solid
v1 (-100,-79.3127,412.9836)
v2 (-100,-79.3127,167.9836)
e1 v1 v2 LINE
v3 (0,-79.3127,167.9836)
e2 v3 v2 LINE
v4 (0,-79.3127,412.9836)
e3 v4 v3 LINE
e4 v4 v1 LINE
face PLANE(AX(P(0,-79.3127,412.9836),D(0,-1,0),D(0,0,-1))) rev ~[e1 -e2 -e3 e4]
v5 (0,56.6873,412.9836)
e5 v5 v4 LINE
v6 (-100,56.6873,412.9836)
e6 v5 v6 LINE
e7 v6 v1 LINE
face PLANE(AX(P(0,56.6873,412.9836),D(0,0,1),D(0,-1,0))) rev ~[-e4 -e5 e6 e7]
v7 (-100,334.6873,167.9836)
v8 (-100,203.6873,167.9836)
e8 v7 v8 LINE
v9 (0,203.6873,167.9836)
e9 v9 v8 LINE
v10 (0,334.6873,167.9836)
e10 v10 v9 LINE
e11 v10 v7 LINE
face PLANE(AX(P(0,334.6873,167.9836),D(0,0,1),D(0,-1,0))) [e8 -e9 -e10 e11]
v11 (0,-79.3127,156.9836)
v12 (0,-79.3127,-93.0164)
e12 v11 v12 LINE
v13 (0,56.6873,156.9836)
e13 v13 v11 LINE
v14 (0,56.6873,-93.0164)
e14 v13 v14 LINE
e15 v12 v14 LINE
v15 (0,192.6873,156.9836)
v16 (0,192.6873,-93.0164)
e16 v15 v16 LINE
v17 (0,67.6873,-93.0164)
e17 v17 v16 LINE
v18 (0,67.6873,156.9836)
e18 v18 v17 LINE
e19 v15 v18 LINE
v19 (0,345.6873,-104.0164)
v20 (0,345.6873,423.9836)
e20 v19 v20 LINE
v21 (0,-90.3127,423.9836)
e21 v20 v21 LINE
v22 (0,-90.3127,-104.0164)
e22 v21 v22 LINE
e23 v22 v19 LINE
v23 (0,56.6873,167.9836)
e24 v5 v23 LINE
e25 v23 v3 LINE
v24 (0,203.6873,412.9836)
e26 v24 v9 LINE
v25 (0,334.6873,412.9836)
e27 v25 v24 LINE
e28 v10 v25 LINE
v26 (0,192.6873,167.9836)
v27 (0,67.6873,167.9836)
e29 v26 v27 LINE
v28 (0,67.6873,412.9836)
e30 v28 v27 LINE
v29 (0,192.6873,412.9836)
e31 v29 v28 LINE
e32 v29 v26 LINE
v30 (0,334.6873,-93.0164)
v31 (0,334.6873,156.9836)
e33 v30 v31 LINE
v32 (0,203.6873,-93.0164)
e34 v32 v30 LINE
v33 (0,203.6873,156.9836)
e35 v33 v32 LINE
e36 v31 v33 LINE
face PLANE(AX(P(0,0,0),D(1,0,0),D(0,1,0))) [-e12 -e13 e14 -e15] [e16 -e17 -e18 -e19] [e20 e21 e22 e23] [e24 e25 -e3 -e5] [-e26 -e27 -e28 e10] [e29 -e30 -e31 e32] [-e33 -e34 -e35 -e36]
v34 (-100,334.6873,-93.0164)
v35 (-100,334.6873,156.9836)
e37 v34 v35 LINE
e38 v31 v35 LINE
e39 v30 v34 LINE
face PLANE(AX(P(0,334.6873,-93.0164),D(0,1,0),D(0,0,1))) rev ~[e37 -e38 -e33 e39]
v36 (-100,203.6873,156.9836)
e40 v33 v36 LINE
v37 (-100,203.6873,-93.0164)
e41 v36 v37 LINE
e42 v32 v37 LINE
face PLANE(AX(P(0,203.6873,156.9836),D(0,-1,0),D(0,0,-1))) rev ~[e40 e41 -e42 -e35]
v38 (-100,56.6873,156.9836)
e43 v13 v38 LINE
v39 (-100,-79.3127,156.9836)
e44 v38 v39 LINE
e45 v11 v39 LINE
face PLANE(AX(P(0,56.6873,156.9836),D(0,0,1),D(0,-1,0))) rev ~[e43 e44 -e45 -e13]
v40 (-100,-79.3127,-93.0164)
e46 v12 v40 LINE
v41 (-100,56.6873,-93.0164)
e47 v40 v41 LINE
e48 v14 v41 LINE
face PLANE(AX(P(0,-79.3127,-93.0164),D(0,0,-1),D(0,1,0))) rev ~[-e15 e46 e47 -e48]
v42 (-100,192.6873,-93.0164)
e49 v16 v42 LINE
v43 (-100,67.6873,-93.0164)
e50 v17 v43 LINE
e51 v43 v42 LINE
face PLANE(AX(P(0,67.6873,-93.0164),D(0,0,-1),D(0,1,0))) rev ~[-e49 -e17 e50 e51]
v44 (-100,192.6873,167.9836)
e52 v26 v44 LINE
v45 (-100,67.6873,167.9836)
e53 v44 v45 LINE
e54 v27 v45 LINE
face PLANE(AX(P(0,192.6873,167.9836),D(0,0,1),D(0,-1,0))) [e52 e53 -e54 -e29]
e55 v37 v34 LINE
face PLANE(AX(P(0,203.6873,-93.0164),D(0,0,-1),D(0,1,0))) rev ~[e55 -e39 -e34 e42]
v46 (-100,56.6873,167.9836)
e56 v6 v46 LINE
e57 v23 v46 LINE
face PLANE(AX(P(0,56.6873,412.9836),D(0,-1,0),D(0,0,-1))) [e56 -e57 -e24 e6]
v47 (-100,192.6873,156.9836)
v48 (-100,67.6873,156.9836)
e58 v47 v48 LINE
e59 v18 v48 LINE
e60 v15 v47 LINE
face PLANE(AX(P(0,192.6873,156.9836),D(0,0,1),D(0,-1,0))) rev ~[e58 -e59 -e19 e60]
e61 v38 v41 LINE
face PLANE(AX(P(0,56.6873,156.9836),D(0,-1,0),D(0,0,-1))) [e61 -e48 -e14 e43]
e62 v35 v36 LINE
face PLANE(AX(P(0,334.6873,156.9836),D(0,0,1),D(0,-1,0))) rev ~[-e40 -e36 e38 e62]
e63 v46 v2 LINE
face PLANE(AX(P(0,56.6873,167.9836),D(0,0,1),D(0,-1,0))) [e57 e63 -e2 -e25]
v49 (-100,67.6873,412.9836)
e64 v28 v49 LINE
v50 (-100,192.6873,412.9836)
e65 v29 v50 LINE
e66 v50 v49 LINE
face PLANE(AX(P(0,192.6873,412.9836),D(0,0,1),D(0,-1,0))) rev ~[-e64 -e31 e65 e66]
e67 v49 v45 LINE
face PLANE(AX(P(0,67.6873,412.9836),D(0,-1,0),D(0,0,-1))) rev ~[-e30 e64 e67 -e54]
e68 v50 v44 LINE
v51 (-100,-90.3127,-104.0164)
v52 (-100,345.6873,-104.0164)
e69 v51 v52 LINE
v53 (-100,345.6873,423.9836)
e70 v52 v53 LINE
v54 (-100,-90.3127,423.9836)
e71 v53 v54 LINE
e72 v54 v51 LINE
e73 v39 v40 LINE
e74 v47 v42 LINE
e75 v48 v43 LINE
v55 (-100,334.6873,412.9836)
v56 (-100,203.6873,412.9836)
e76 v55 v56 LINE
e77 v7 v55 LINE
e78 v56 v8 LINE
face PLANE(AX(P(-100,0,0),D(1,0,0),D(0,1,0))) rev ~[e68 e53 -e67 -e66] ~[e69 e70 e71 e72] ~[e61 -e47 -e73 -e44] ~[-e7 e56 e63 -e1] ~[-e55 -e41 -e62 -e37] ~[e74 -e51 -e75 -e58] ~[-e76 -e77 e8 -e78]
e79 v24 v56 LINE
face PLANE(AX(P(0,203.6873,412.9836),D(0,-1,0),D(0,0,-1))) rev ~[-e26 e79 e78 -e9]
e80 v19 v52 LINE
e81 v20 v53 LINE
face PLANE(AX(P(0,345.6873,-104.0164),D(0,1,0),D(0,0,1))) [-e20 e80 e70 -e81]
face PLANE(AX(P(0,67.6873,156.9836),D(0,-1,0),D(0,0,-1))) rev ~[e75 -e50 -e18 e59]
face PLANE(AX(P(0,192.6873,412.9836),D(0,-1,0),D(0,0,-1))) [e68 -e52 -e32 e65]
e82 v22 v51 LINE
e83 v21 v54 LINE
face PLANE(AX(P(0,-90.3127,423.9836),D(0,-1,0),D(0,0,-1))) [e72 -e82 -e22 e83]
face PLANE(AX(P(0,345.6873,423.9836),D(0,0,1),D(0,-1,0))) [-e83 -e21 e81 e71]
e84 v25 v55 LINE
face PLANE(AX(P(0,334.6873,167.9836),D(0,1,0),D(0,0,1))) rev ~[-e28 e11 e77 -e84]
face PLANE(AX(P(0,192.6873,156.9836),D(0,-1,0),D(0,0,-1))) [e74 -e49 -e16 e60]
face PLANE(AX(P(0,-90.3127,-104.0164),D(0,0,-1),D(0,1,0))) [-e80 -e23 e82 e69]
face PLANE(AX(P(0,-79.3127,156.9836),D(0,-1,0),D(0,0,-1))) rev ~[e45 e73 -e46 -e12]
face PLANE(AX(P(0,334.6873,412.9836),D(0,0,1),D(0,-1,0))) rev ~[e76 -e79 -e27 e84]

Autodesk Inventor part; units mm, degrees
ref_plane "YZ Plane" through (0, 0, 0) normal (1, 0, 0) x (0, 1, 0)
ref_plane "XZ Plane" through (0, 0, 0) normal (0, 1, 0) x (-1, 0, 0)
ref_plane "XY Plane" through (0, 0, 0) normal (0, 0, 1) x (1, 0, 0)
sketch "Sketch1" plane through (0, 0, 0) normal (1, 0, 0) x (0, 1, 0)
  line L0 (345.6873, 423.9836) -> (-90.3127, 423.9836)
  line L1 (-90.3127, 423.9836) -> (-90.3127, -104.0164)
  line L2 (-90.3127, -104.0164) -> (345.6873, -104.0164)
  line L3 (345.6873, -104.0164) -> (345.6873, 423.9836)
  line L4 (334.6873, -93.0164) -> (334.6873, 156.9836)
  line L5 (334.6873, 167.9836) -> (334.6873, 412.9836)
  line L6 (203.6873, 412.9836) -> (203.6873, 167.9836)
  line L7 (203.6873, 156.9836) -> (203.6873, -93.0164)
  line L8 (192.6873, 412.9836) -> (192.6873, 167.9836)
  line L9 (192.6873, 156.9836) -> (192.6873, -93.0164)
  line L10 (334.6873, 156.9836) -> (203.6873, 156.9836)
  line L11 (334.6873, 167.9836) -> (203.6873, 167.9836)
  line L12 (334.6873, 412.9836) -> (203.6873, 412.9836)
  line L13 (192.6873, 412.9836) -> (67.6873, 412.9836)
  line L14 (56.6873, 412.9836) -> (-79.3127, 412.9836)
  line L15 (192.6873, 156.9836) -> (67.6873, 156.9836)
  line L16 (56.6873, 156.9836) -> (-79.3127, 156.9836)
  line L17 (192.6873, 167.9836) -> (67.6873, 167.9836)
  line L18 (56.6873, 167.9836) -> (-79.3127, 167.9836)
  line L19 (56.6873, 412.9836) -> (56.6873, 167.9836)
  line L20 (56.6873, 156.9836) -> (56.6873, -93.0164)
  line L21 (67.6873, 412.9836) -> (67.6873, 167.9836)
  line L22 (67.6873, 156.9836) -> (67.6873, -93.0164)
  line L23 (-79.3127, -93.0164) -> (56.6873, -93.0164)
  line L24 (67.6873, -93.0164) -> (192.6873, -93.0164)
  line L25 (203.6873, -93.0164) -> (334.6873, -93.0164)
  line L26 (-79.3127, 412.9836) -> (-79.3127, 167.9836)
  line L27 (-79.3127, 156.9836) -> (-79.3127, -93.0164)
extrude "Extrusion1" add sketch "Sketch1" against normal blind 100
properties part number "Estanteria" material "Wood (Cherry)"
